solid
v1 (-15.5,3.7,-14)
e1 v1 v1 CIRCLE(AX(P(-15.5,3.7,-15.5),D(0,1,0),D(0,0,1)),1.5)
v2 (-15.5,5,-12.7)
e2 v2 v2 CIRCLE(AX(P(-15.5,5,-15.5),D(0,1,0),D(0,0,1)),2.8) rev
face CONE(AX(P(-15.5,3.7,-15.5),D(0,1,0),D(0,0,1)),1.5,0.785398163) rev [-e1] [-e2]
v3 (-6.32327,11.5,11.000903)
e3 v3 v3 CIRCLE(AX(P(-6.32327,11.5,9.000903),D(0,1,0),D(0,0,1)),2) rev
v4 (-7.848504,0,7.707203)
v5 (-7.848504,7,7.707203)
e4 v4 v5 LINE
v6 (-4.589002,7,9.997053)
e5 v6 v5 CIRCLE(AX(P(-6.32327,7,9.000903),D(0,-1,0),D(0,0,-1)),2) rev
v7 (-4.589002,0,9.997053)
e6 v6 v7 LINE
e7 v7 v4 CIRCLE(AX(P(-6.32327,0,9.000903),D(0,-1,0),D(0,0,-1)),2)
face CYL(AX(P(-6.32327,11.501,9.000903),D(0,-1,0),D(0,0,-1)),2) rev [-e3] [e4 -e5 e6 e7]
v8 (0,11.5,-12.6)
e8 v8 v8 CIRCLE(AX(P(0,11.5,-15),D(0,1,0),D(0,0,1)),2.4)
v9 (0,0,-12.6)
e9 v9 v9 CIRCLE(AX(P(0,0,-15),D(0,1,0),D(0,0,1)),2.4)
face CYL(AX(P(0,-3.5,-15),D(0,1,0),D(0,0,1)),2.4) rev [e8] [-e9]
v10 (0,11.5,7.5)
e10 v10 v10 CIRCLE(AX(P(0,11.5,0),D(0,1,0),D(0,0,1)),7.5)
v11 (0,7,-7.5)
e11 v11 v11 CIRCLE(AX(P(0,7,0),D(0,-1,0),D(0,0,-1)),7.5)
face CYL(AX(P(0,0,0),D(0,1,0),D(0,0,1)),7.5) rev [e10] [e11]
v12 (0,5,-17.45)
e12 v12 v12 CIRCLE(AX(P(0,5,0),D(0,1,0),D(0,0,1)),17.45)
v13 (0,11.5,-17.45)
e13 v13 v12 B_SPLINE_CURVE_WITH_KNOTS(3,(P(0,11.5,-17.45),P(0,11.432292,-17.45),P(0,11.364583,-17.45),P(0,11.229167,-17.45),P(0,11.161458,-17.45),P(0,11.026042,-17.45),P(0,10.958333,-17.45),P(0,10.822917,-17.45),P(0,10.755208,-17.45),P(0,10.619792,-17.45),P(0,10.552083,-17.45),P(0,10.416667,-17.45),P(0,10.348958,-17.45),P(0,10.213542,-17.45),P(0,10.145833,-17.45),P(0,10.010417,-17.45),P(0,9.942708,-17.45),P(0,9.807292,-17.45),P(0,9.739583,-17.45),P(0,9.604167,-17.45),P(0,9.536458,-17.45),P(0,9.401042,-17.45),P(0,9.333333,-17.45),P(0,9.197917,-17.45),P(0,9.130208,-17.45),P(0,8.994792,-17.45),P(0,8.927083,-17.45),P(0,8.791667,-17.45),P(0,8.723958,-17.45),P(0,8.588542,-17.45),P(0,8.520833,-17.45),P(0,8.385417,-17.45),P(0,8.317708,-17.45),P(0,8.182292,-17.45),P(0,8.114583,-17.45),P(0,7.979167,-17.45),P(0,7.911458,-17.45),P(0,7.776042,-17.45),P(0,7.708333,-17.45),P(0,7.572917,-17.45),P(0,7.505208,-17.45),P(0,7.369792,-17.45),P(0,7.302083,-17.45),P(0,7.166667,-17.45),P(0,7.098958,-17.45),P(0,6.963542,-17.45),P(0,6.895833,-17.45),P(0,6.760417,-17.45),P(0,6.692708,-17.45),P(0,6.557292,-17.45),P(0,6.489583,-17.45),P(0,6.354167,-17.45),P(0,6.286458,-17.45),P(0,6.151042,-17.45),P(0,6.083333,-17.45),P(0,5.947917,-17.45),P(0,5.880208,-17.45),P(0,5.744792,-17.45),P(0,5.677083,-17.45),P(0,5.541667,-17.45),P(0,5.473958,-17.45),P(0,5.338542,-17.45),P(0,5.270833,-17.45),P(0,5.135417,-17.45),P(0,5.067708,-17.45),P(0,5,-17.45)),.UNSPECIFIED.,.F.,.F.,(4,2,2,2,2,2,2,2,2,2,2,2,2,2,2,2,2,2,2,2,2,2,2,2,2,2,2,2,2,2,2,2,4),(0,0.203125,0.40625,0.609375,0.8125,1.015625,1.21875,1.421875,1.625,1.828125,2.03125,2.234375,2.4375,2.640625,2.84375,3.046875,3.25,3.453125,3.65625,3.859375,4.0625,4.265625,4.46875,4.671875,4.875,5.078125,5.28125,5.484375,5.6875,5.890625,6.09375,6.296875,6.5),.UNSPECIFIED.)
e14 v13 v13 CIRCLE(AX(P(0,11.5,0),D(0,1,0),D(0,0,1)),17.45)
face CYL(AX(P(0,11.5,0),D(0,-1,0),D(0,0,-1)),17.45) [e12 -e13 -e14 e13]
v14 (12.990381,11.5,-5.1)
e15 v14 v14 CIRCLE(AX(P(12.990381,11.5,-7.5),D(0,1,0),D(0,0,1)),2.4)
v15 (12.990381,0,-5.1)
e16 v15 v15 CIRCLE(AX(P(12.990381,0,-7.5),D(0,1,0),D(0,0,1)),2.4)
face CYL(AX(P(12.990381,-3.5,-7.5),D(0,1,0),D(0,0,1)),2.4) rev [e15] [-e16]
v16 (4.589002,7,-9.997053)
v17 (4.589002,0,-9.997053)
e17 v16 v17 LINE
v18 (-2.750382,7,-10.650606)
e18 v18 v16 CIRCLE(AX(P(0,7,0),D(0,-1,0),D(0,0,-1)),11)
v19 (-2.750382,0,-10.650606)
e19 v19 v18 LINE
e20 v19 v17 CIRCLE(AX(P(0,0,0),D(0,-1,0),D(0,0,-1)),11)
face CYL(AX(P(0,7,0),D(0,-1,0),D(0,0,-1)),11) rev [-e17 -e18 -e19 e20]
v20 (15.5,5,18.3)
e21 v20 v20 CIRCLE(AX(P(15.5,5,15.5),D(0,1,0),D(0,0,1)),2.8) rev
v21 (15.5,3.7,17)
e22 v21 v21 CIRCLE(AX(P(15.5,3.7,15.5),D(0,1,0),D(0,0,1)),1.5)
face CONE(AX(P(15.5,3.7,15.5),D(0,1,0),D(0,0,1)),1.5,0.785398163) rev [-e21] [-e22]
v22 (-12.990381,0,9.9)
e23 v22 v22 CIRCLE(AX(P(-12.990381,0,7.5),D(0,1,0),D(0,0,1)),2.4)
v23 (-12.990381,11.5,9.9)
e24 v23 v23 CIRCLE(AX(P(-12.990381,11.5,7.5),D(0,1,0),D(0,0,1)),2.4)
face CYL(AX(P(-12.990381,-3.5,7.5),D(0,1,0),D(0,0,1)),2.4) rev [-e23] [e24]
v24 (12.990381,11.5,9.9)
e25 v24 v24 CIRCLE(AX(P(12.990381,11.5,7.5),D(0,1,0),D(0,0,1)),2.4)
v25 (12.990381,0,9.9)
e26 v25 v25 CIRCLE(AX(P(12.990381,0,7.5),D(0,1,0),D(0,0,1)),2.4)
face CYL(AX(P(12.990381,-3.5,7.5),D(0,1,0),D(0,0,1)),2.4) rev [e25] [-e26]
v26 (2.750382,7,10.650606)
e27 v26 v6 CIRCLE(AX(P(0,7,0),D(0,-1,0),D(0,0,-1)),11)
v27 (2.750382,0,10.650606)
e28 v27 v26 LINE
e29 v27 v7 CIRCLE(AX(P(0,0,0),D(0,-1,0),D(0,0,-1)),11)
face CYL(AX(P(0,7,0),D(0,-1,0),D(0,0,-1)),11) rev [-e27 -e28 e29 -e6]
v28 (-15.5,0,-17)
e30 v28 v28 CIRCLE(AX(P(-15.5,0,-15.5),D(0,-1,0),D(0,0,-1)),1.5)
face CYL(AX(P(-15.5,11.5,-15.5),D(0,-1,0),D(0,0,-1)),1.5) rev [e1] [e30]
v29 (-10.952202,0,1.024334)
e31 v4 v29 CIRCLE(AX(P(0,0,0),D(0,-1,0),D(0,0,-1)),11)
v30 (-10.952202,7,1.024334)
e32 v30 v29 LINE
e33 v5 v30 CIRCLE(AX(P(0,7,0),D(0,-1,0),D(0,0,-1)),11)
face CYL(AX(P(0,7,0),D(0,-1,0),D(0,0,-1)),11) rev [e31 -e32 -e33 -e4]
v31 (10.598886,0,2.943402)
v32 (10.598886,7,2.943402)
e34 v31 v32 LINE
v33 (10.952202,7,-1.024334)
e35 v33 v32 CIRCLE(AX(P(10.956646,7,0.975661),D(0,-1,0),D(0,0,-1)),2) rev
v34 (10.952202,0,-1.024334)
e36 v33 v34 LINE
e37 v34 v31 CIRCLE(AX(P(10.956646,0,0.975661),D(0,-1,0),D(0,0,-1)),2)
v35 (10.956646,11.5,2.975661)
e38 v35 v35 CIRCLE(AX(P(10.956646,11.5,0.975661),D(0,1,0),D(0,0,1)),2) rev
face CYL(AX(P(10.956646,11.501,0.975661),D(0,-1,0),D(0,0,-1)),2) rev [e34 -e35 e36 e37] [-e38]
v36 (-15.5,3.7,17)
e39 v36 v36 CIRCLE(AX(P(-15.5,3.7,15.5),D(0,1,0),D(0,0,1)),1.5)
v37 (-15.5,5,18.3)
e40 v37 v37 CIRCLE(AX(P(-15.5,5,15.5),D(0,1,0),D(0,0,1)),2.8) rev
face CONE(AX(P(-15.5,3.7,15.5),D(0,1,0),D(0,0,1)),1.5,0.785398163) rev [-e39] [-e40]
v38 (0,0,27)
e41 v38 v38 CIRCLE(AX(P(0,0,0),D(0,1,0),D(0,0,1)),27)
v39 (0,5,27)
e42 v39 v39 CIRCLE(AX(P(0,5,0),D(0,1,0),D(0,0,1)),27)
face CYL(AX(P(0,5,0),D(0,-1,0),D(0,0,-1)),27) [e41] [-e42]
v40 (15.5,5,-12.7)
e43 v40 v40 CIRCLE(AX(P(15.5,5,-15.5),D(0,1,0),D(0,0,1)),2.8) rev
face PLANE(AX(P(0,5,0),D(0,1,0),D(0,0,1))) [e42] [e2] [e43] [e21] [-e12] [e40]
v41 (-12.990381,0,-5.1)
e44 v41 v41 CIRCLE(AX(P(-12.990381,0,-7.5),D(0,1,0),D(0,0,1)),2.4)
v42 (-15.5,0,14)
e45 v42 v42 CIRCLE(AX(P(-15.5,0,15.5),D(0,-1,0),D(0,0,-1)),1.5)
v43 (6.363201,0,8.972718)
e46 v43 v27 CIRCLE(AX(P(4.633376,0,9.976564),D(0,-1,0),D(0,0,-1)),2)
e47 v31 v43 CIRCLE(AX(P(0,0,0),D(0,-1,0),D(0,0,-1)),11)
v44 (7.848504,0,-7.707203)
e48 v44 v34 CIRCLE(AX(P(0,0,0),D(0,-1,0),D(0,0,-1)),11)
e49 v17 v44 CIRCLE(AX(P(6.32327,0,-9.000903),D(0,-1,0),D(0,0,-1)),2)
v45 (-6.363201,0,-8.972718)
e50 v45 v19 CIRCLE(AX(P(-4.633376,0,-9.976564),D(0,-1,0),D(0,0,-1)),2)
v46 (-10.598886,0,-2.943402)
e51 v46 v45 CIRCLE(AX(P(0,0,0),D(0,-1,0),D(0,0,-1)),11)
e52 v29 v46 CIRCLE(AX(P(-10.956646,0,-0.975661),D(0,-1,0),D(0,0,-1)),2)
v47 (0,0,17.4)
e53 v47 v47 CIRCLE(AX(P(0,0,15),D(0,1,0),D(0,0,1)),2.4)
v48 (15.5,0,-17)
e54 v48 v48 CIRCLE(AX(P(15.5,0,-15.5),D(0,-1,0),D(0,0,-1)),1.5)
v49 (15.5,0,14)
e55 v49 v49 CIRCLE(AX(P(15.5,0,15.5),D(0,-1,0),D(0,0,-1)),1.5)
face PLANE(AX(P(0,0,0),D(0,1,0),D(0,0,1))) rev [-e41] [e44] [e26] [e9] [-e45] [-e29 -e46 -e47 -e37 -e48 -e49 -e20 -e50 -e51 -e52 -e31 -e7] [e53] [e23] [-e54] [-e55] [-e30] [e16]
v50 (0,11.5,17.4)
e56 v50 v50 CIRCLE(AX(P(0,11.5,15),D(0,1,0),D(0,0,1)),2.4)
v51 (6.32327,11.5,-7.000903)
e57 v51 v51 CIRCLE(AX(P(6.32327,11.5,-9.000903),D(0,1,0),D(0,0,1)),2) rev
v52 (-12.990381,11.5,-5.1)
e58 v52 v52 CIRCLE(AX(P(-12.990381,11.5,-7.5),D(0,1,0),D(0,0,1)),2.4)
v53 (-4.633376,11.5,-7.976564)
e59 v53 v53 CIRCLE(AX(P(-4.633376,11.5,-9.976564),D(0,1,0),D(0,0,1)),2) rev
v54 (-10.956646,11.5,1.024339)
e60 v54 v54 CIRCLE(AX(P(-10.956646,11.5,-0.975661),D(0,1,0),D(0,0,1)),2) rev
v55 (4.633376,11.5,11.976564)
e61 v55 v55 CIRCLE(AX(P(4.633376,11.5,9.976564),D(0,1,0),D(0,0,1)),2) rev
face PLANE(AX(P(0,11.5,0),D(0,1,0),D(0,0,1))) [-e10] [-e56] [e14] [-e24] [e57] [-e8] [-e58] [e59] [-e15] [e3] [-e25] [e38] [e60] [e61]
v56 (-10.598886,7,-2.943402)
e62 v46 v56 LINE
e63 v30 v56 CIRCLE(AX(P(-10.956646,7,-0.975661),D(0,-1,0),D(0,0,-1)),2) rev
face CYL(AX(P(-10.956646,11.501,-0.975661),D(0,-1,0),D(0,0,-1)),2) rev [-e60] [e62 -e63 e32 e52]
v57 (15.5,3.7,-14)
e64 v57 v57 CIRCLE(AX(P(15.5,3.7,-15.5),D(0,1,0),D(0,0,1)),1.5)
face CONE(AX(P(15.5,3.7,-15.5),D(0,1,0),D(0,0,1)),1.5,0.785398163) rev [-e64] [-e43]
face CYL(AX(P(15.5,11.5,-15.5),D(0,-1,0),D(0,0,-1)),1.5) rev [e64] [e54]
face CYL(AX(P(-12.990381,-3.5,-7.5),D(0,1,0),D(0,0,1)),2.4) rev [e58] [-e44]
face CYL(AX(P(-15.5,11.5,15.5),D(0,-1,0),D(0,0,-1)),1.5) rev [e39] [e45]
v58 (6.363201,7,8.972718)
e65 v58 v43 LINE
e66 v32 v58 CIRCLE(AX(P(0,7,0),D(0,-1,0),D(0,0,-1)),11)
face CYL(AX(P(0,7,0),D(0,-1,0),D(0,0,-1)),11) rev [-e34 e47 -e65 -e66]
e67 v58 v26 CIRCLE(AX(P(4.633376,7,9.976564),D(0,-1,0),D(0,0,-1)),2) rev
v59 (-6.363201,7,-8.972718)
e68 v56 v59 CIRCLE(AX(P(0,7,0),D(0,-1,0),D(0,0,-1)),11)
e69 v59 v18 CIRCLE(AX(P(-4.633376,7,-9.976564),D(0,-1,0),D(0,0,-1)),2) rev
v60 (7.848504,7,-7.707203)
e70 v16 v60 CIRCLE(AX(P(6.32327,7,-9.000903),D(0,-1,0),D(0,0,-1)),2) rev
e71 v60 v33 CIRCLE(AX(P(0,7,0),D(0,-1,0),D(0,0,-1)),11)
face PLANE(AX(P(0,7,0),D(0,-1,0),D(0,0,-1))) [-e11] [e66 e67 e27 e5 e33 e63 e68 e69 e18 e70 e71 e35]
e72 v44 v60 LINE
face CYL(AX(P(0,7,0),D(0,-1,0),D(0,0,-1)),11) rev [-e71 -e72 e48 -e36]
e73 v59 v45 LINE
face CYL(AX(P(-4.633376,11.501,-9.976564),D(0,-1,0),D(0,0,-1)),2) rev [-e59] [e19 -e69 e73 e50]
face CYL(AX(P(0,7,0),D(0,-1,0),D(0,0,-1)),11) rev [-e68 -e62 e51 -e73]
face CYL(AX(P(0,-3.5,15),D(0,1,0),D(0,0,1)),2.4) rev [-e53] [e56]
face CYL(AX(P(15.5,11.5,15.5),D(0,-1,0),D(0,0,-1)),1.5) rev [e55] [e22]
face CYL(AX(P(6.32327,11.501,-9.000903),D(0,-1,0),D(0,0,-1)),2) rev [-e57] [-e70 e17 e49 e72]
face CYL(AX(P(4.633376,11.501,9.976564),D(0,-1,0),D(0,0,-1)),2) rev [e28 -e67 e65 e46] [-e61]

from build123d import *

# Parameters (mm, degrees)
SKETCH1_R           = 27
BOSS_EXTRUDE1_DEPTH = 5
SKETCH3_R           = 17.45
BOSS_EXTRUDE2_DEPTH = 6.5
SKETCH4_R           = 11
CUT_EXTRUDE1_DEPTH  = 7
SKETCH7_R           = 1.5
CUT_EXTRUDE2_DEPTH  = 40.877938763
SKETCH8_R           = 7.5
CUT_EXTRUDE3_DEPTH  = 40.877938763
CHAMFER1_SIZE       = 1.3
SKETCH9_R           = 2.4
CUT_EXTRUDE4_DEPTH  = 15
CUT_EXTRUDE5_REACH  = 41.878
SKETCH10_R          = 2


with BuildPart() as part:
    # Sketch1 → Boss-Extrude1 (new body)
    with BuildSketch(Plane(origin=(0, 0, 0), x_dir=(1, 0, 0), z_dir=(0, 1, 0))):
        with Locations(Location((0, 0, 0), (0, 0, 270))):
            Circle(SKETCH1_R)
    extrude(amount=BOSS_EXTRUDE1_DEPTH)

    # Sketch3 → Boss-Extrude2 (add)
    with BuildSketch(Plane(origin=(0, 5, 0), x_dir=(1, 0, 0), z_dir=(0, 1, 0))):
        with Locations(Location((0, 0, 0), (0, 0, 90))):
            Circle(SKETCH3_R)
    extrude(amount=BOSS_EXTRUDE2_DEPTH)

    # Sketch4 → Cut-Extrude1 (cut)
    with BuildSketch(Plane.XZ):
        with Locations(Location((0, 0, 0), (0, 0, 270))):
            Circle(SKETCH4_R)
    extrude(amount=-CUT_EXTRUDE1_DEPTH, mode=Mode.SUBTRACT)

    # Sketch7 → Cut-Extrude2 (cut, through all)
    with BuildSketch(Plane.XZ):
        with Locations(Location((-15.5, 15.5, 0), (0, 0, 270))):
            Circle(SKETCH7_R)
        with Locations(Location((15.5, 15.5, 0), (0, 0, 270))):
            Circle(SKETCH7_R)
        with Locations(Location((15.5, -15.5, 0), (0, 0, 270))):
            Circle(SKETCH7_R)
        with Locations(Location((-15.5, -15.5, 0), (0, 0, 270))):
            Circle(SKETCH7_R)
    extrude(amount=-CUT_EXTRUDE2_DEPTH, mode=Mode.SUBTRACT)

    # Sketch8 → Cut-Extrude3 (cut, through all)
    with BuildSketch(Plane(origin=(0, 11.5, 0), x_dir=(1, 0, 0), z_dir=(0, 1, 0))):
        with Locations(Location((0, 0, 0), (0, 0, 270))):
            Circle(SKETCH8_R)
    extrude(amount=-CUT_EXTRUDE3_DEPTH, mode=Mode.SUBTRACT)

    # Chamfer1
    chamfer1_edges = [part.edges().sort_by_distance(p)[0] for p in [
        (-15.5, 5, -14),
        (15.5, 5, -14),
        (15.5, 5, 17),
        (-15.5, 5, 17),
    ]]
    chamfer(chamfer1_edges, length=CHAMFER1_SIZE)

    # Sketch9 → Cut-Extrude4 (cut)
    with BuildSketch(Plane(origin=(0, 11.5, 0), x_dir=(1, 0, 0), z_dir=(0, 1, 0))):
        with Locations(Location((0, 15, 0), (0, 0, 270))):
            Circle(SKETCH9_R)
        with Locations(Location((12.990381057, 7.5, 0), (0, 0, 270))):
            Circle(SKETCH9_R)
        with Locations(Location((12.990381057, -7.5, 0), (0, 0, 270))):
            Circle(SKETCH9_R)
        with Locations(Location((0, -15, 0), (0, 0, 270))):
            Circle(SKETCH9_R)
        with Locations(Location((-12.990381057, -7.5, 0), (0, 0, 270))):
            Circle(SKETCH9_R)
        with Locations(Location((-12.990381057, 7.5, 0), (0, 0, 270))):
            Circle(SKETCH9_R)
    extrude(amount=-CUT_EXTRUDE4_DEPTH, mode=Mode.SUBTRACT)

    # Sketch10 → Cut-Extrude5 (cut, up to next)
    with BuildSketch(Plane.XZ, mode=Mode.PRIVATE) as cut_extrude5_sk1:
        with Locations(Location((4.633375967, 9.976563895, 0), (0, 0, 329.872709141))):
            Circle(SKETCH10_R)
    cut_extrude5_tool1 = extrude(cut_extrude5_sk1.sketch, amount=-CUT_EXTRUDE5_REACH, mode=Mode.PRIVATE) & part.part
    # Sketch10 → Cut-Extrude5 (cut, up to next)
    with BuildSketch(Plane.XZ, mode=Mode.PRIVATE) as cut_extrude5_sk2:
        with Locations(Location((10.956645759, 0.975660655, 0), (0, 0, 269.872709141))):
            Circle(SKETCH10_R)
    cut_extrude5_tool2 = extrude(cut_extrude5_sk2.sketch, amount=-CUT_EXTRUDE5_REACH, mode=Mode.PRIVATE) & part.part
    # Sketch10 → Cut-Extrude5 (cut, up to next)
    with BuildSketch(Plane.XZ, mode=Mode.PRIVATE) as cut_extrude5_sk3:
        with Locations(Location((6.323269792, -9.00090324, 0), (0, 0, 209.872709141))):
            Circle(SKETCH10_R)
    cut_extrude5_tool3 = extrude(cut_extrude5_sk3.sketch, amount=-CUT_EXTRUDE5_REACH, mode=Mode.PRIVATE) & part.part
    # Sketch10 → Cut-Extrude5 (cut, up to next)
    with BuildSketch(Plane.XZ, mode=Mode.PRIVATE) as cut_extrude5_sk4:
        with Locations(Location((-4.633375967, -9.976563895, 0), (0, 0, 340.304526282))):
            Circle(SKETCH10_R)
    cut_extrude5_tool4 = extrude(cut_extrude5_sk4.sketch, amount=-CUT_EXTRUDE5_REACH, mode=Mode.PRIVATE) & part.part
    # Sketch10 → Cut-Extrude5 (cut, up to next)
    with BuildSketch(Plane.XZ, mode=Mode.PRIVATE) as cut_extrude5_sk5:
        with Locations(Location((-10.956645759, -0.975660655, 0), (0, 0, 280.304526282))):
            Circle(SKETCH10_R)
    cut_extrude5_tool5 = extrude(cut_extrude5_sk5.sketch, amount=-CUT_EXTRUDE5_REACH, mode=Mode.PRIVATE) & part.part
    # Sketch10 → Cut-Extrude5 (cut, up to next)
    with BuildSketch(Plane.XZ, mode=Mode.PRIVATE) as cut_extrude5_sk6:
        with Locations(Location((-6.323269792, 9.00090324, 0), (0, 0, 220.304526282))):
            Circle(SKETCH10_R)
    cut_extrude5_tool6 = extrude(cut_extrude5_sk6.sketch, amount=-CUT_EXTRUDE5_REACH, mode=Mode.PRIVATE) & part.part
    add(cut_extrude5_tool1.solids().sort_by_distance((4.633376, 0, 9.976564))[0], mode=Mode.SUBTRACT)
    add(cut_extrude5_tool2.solids().sort_by_distance((10.956646, 0, 0.975661))[0], mode=Mode.SUBTRACT)
    add(cut_extrude5_tool3.solids().sort_by_distance((6.32327, 0, -9.000903))[0], mode=Mode.SUBTRACT)
    add(cut_extrude5_tool4.solids().sort_by_distance((-4.633376, 0, -9.976564))[0], mode=Mode.SUBTRACT)
    add(cut_extrude5_tool5.solids().sort_by_distance((-10.956646, 0, -0.975661))[0], mode=Mode.SUBTRACT)
    add(cut_extrude5_tool6.solids().sort_by_distance((-6.32327, 0, 9.000903))[0], mode=Mode.SUBTRACT)


solid = part.part
